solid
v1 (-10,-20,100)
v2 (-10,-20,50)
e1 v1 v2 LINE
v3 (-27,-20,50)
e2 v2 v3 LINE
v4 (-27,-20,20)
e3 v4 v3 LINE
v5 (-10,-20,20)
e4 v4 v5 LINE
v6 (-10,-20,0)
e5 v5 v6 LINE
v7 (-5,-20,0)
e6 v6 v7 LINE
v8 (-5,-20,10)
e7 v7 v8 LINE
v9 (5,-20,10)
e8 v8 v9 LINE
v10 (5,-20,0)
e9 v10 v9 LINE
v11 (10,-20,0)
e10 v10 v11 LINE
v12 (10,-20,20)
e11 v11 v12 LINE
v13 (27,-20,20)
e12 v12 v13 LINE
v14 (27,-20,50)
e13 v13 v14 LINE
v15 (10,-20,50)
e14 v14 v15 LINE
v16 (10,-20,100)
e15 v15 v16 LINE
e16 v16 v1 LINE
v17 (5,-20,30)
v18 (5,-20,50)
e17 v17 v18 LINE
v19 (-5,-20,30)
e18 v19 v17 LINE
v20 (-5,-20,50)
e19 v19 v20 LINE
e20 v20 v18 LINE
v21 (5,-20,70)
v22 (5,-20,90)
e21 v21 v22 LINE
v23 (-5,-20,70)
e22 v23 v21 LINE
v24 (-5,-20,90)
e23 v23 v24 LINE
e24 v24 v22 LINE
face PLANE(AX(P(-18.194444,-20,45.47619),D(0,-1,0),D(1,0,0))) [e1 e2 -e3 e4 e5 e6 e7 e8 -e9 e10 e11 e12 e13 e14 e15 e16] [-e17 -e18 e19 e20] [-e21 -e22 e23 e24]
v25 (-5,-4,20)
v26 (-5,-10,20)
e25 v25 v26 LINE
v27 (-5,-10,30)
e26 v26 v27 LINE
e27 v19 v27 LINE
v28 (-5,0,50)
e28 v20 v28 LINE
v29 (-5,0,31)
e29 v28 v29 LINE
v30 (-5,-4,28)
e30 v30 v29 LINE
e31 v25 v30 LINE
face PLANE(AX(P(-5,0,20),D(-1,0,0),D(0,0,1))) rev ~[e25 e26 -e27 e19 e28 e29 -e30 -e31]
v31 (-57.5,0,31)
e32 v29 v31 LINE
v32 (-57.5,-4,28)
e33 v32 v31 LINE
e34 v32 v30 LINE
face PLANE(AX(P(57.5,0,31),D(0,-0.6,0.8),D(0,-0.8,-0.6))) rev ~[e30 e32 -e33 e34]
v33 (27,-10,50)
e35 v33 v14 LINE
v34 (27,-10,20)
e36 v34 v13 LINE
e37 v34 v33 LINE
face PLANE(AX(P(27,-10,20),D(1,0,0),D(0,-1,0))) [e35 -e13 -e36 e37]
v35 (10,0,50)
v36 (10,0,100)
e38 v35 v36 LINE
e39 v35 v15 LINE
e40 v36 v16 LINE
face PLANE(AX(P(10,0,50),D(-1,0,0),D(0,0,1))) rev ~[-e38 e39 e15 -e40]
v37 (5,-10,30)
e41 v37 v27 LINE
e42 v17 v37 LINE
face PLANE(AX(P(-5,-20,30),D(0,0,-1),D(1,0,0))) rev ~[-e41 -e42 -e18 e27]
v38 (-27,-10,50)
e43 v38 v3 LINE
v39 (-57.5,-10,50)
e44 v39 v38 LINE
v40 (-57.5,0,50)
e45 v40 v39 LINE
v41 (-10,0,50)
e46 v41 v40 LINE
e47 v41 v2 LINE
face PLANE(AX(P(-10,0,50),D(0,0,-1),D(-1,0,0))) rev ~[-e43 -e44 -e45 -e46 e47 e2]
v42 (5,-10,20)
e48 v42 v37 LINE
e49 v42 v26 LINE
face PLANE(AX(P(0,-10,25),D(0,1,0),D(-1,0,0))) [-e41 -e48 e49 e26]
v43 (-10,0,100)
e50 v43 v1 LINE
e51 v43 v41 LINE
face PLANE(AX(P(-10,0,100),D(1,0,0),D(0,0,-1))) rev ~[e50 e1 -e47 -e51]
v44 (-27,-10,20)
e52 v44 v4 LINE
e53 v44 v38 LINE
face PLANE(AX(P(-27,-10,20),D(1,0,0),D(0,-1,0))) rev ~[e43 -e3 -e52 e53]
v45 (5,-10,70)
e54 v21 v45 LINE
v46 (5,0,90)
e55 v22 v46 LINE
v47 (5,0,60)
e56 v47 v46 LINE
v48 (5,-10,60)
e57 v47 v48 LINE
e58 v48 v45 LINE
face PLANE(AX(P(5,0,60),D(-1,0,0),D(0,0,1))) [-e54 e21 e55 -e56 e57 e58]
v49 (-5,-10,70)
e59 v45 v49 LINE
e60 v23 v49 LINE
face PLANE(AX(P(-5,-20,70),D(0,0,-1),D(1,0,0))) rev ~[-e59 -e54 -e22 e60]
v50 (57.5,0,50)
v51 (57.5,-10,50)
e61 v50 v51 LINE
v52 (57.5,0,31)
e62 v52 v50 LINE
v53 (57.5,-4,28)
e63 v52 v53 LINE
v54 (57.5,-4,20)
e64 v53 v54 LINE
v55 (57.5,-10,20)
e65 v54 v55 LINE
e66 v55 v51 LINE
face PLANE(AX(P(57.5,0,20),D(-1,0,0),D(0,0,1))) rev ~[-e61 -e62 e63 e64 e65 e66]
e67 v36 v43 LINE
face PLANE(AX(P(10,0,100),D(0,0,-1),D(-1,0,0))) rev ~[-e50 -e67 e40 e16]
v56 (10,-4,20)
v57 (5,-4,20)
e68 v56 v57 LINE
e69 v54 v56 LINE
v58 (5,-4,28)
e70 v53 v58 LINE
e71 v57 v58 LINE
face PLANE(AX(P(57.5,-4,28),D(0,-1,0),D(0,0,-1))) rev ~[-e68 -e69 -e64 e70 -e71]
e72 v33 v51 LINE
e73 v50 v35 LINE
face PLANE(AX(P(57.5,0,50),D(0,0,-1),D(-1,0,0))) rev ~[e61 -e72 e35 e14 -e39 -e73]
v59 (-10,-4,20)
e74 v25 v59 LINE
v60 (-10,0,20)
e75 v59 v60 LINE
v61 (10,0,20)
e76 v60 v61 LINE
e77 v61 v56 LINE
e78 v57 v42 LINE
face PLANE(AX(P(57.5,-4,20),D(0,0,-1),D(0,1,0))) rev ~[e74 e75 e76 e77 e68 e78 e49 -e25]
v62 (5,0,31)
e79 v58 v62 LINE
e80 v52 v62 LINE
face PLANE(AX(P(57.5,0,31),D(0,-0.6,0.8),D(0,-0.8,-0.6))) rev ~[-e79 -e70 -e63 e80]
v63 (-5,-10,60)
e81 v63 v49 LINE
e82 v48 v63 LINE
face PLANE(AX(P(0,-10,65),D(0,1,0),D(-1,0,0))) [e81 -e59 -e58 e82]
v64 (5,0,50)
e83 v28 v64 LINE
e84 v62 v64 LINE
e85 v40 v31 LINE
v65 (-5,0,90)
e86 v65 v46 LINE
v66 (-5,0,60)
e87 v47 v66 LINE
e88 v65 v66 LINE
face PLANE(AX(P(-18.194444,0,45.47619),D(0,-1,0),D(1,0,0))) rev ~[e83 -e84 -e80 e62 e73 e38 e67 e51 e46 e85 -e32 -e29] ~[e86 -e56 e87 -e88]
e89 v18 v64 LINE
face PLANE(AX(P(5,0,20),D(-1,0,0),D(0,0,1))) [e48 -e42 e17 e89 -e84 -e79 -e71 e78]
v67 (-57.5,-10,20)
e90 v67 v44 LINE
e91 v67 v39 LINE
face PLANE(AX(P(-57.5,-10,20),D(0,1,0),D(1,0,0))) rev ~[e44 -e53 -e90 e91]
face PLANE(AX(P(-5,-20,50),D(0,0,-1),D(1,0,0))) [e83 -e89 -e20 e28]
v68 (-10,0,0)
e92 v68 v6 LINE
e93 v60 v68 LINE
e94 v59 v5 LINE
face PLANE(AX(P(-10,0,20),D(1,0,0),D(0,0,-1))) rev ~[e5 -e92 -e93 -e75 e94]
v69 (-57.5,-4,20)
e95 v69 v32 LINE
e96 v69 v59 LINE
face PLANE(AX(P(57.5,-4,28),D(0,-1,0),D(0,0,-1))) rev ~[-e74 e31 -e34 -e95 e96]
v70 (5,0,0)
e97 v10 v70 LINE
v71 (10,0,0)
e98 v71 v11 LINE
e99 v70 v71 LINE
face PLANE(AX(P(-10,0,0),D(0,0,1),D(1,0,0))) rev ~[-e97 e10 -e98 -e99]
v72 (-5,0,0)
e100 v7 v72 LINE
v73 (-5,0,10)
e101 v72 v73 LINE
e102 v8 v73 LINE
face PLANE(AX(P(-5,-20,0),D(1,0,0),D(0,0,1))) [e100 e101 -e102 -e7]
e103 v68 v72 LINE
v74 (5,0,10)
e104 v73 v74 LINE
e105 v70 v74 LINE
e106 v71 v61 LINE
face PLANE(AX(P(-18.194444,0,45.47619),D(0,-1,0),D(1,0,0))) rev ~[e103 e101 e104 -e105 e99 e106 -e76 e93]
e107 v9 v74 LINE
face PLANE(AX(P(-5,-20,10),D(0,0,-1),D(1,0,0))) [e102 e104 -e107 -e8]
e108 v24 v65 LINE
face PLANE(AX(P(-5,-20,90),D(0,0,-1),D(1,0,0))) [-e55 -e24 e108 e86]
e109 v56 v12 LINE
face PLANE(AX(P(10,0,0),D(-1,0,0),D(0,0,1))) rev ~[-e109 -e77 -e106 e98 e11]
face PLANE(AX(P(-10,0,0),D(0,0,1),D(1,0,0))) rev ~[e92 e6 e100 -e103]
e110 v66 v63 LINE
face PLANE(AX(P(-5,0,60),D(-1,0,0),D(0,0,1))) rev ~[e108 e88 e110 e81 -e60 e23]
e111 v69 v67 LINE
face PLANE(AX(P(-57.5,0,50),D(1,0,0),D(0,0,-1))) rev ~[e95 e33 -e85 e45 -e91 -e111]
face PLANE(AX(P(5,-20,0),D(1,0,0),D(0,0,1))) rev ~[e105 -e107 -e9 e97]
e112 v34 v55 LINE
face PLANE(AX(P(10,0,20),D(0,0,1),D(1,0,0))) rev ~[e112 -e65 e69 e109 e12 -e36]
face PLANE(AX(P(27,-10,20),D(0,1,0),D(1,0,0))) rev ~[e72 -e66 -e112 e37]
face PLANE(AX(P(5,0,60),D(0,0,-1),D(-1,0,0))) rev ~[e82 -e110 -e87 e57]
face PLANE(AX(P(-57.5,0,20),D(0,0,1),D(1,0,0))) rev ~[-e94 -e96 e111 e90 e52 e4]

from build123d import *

# Parameters (mm, degrees)
F1_DEPTH  = 20
F2_W      = 30.5
F2_H      = 10
F3_DEPTH  = 30
F4_W      = 30.5
F4_H      = 10
F5_DEPTH  = 30
F7_DEPTH  = 47.5
F8_W      = 10
F8_H      = 20
F8_H_2    = 10
F9_DEPTH  = 20
F10_W     = 10
F10_H     = 10
F11_DEPTH = 10
F13_DEPTH = 150


with BuildPart() as f1:
    # F0 (on Front) → F1 (new body)
    with BuildSketch(Plane.XZ):
        Polygon((-10, 0), (0, 0), (0, 100), (-10, 100), (-10, 50), (-57.5, 50), (-57.5, 20), (-10, 20), align=None)
        Polygon((0, 100), (0, 0), (10, 0), (10, 20), (57.5, 20), (57.5, 50), (10, 50), (10, 100), align=None)
    extrude(amount=F1_DEPTH)

    # F2 (on face) → F3 (cut, through all)
    with BuildSketch(Plane(origin=(0, 0, 20), x_dir=(1, 0, 0), z_dir=(0, 0, -1))):
        with Locations((-42.25, 15)):
            Rectangle(F2_W, F2_H)
    extrude(amount=-F3_DEPTH, mode=Mode.SUBTRACT)

    # F4 (on face) → F5 (cut, through all)
    with BuildSketch(Plane(origin=(0, 0, 20), x_dir=(1, 0, 0), z_dir=(0, 0, -1))):
        with Locations((42.25, 15)):
            Rectangle(F4_W, F4_H)
    extrude(amount=-F5_DEPTH, mode=Mode.SUBTRACT)

    # F6 (on face) → F7 (cut, through all)
    with BuildSketch(Plane(origin=(-57.5, 0, 0), x_dir=(0, -1, 0), z_dir=(-1, 0, 0))):
        Polygon((0, 28), (0, 20), (4, 20), (4, 28), (0, 31), align=None)
    extrude(amount=-F7_DEPTH, mode=Mode.SUBTRACT)

    # F8 (on face) → F9 (cut, through all)
    with BuildSketch(Plane.XZ.offset(20)):
        with Locations((0, 80)):
            Rectangle(F8_W, F8_H)
        with Locations((0, 40)):
            Rectangle(F8_W, F8_H)
        with Locations((0, 5)):
            Rectangle(F8_W, F8_H_2)
    extrude(amount=-F9_DEPTH, mode=Mode.SUBTRACT)

    # F10 (on face) → F11 (cut)
    with BuildSketch(Plane(origin=(0, 0, 0), x_dir=(-1, 0, 0), z_dir=(0, 1, 0))):
        with Locations((0, 65)):
            Rectangle(F10_W, F10_H)
        with Locations((0, 25)):
            Rectangle(F10_W, F10_H)
    extrude(amount=-F11_DEPTH, mode=Mode.SUBTRACT)

    # F12 (on face) → F13 (cut)
    with BuildSketch(Plane.YZ.offset(57.5)):
        Polygon((-4, 20), (0, 20), (0, 28), (0, 31), (-4, 28), align=None)
    extrude(amount=-F13_DEPTH, mode=Mode.SUBTRACT)


solid = f1.part
